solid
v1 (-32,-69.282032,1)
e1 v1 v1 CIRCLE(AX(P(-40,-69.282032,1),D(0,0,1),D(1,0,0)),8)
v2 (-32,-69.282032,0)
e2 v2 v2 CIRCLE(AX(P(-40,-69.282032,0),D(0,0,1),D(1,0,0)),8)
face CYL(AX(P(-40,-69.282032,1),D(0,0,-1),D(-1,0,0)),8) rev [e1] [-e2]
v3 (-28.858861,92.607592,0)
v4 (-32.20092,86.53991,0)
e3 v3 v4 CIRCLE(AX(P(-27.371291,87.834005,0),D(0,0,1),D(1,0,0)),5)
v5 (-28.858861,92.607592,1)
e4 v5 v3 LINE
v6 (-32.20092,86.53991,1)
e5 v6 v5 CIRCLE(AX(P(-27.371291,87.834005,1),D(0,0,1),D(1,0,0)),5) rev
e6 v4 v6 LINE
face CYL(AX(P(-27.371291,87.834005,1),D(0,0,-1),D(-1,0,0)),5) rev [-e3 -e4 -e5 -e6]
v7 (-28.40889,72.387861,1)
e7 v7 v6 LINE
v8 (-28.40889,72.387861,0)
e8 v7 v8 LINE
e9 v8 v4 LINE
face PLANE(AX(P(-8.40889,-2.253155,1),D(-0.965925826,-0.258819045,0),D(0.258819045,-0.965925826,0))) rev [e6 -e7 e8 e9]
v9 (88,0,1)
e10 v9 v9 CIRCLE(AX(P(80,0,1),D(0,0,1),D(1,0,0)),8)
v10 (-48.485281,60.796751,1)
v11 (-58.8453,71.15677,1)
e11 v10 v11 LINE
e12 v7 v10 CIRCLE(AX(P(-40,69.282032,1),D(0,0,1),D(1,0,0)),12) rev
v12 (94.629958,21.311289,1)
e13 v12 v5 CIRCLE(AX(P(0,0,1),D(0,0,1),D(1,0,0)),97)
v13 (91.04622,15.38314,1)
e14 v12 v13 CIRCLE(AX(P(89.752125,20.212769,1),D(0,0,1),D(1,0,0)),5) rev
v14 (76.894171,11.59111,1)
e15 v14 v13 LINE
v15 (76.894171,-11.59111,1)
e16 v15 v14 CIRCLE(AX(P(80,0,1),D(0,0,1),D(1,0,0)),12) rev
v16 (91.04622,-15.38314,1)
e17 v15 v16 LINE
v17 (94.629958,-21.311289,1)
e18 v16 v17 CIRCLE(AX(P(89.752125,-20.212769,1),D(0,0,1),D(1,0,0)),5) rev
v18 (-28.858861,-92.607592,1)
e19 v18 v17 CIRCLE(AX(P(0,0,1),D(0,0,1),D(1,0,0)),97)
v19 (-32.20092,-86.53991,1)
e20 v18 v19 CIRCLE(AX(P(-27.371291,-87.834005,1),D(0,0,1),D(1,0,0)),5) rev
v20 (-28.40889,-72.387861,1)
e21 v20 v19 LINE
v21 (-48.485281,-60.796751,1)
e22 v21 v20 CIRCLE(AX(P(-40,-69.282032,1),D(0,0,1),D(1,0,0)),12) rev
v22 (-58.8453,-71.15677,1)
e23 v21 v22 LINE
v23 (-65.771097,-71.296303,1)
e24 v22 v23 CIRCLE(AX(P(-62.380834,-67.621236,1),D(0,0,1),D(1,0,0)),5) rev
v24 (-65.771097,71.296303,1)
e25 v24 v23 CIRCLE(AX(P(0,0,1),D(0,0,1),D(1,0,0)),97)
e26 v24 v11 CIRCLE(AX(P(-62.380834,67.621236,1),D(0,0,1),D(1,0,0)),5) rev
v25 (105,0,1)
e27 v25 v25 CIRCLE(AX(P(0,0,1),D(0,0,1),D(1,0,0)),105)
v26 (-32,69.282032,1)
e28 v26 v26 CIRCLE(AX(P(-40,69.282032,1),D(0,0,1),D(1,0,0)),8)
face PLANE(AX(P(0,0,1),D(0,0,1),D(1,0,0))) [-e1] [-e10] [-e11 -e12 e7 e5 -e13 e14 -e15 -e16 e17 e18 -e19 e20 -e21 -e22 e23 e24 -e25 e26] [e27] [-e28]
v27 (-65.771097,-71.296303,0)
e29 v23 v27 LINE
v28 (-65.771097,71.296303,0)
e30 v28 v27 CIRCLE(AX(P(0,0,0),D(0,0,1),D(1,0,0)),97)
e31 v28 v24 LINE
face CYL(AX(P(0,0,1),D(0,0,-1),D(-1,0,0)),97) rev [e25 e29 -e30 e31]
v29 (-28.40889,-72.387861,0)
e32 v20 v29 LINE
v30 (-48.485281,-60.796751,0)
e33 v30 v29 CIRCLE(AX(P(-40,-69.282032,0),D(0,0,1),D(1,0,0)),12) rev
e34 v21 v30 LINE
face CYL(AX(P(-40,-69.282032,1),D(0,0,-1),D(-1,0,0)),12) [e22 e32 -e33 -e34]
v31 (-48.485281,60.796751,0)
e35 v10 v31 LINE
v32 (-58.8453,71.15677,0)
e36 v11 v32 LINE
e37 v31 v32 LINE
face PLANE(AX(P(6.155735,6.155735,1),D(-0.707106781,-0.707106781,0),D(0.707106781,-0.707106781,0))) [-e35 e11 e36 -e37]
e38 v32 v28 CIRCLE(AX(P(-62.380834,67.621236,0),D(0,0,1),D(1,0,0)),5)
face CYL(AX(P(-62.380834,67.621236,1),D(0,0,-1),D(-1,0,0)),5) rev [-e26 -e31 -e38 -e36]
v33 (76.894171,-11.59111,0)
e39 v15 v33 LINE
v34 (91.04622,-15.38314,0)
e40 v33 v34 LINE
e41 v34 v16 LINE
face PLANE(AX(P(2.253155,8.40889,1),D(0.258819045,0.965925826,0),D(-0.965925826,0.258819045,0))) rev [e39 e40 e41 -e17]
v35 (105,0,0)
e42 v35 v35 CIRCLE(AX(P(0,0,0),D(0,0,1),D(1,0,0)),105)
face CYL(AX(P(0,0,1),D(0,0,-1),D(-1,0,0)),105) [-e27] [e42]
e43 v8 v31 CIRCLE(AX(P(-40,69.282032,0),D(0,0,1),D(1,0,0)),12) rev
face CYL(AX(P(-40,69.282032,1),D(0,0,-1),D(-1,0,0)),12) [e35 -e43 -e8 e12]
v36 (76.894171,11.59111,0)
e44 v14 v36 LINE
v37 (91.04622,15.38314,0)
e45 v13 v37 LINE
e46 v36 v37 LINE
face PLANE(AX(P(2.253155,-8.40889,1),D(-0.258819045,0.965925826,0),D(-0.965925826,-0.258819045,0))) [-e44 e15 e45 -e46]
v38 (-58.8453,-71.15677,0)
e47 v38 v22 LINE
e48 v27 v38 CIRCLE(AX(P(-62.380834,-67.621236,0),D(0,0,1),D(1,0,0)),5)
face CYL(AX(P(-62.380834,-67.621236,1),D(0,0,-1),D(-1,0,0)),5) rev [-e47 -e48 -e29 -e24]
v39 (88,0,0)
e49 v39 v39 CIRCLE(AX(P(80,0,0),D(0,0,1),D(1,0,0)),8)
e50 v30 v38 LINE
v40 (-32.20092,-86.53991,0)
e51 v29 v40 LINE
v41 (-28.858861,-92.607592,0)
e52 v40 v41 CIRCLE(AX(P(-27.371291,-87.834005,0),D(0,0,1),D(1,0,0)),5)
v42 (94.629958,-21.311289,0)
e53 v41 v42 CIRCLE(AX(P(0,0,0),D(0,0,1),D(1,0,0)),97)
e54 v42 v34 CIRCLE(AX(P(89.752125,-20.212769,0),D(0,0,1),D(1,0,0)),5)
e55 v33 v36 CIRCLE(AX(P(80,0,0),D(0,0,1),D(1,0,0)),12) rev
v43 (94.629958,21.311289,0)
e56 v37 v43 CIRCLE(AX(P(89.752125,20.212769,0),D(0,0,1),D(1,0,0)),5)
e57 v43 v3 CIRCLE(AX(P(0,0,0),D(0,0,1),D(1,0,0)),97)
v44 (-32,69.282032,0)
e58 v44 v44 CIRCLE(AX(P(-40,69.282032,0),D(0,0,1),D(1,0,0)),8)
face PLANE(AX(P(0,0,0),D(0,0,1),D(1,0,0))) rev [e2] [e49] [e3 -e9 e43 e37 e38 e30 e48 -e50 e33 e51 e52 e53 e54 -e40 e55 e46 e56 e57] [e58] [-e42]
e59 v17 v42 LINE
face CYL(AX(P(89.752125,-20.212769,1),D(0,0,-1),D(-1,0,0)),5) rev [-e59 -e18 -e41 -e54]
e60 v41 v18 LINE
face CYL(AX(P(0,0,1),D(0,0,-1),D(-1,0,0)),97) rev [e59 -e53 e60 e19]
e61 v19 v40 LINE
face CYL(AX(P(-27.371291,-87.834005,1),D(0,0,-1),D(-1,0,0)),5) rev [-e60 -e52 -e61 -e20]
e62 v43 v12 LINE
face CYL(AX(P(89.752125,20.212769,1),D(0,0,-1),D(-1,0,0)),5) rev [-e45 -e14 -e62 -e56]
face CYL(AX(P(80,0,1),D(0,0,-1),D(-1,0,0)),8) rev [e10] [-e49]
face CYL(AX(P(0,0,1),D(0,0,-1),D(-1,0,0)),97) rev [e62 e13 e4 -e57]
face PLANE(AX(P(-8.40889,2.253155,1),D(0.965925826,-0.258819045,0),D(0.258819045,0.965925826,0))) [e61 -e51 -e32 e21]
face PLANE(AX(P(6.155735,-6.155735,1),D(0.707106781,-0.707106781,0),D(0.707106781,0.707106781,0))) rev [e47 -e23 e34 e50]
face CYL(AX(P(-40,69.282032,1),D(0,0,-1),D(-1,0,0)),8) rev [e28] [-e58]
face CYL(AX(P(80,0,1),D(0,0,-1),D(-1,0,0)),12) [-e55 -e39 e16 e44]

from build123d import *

# Parameters (mm, degrees)
ESQUISSE1_R        = 105
ESQUISSE1_R_2      = 8
BOSS_EXTRU_1_DEPTH = 1
CONG_1_R           = 5


with BuildPart() as part:
    # Esquisse1 → Boss.-Extru.1 (new body)
    with BuildSketch(Plane.XY):
        Circle(ESQUISSE1_R)
        with BuildLine():
            Line((95.569858419, 16.595245155), (76.894171459, 11.591109915))
            ThreePointArc((76.894171459, 11.591109915), (68, 0), (76.894171459, -11.591109915))
            Line((76.894171459, -11.591109915), (95.569858419, -16.595245155))
            ThreePointArc((95.569858419, -16.595245155), (48.5, -84.004464167), (-33.413025324, -91.063547804))
            Line((-33.413025324, -91.063547804), (-28.408890085, -72.387860844))
            ThreePointArc((-28.408890085, -72.387860844), (-34, -58.889727457), (-48.485281374, -60.796750929))
            Line((-48.485281374, -60.796750929), (-62.156833095, -74.46830265))
            ThreePointArc((-62.156833095, -74.46830265), (-97, 0), (-62.156833096, 74.46830265))
            Line((-62.156833096, 74.46830265), (-48.485281374, 60.796750929))
            ThreePointArc((-48.485281374, 60.796750929), (-34, 58.889727457), (-28.408890085, 72.387860844))
            Line((-28.408890085, 72.387860844), (-33.413025324, 91.063547804))
            ThreePointArc((-33.413025324, 91.063547804), (48.5, 84.004464167), (95.569858419, 16.595245155))
        make_face(mode=Mode.SUBTRACT)
        with Locations((80, 0)):
            Circle(ESQUISSE1_R_2, mode=Mode.SUBTRACT)
        with Locations((-40, 69.282032303)):
            Circle(ESQUISSE1_R_2, mode=Mode.SUBTRACT)
        with Locations((-40, -69.282032303)):
            Circle(ESQUISSE1_R_2, mode=Mode.SUBTRACT)
    extrude(amount=BOSS_EXTRU_1_DEPTH)

    # Congé1
    cong_1_edges = [part.edges().sort_by_distance(p)[0] for p in [
        (-62.156833096, 74.46830265, 0.5),
        (-62.156833095, -74.46830265, 0.5),
        (-33.413025324, -91.063547804, 0.5),
        (95.569858419, -16.595245155, 0.5),
        (95.569858419, 16.595245155, 0.5),
        (-33.413025324, 91.063547804, 0.5),
    ]]
    fillet(cong_1_edges, radius=CONG_1_R)


solid = part.part
